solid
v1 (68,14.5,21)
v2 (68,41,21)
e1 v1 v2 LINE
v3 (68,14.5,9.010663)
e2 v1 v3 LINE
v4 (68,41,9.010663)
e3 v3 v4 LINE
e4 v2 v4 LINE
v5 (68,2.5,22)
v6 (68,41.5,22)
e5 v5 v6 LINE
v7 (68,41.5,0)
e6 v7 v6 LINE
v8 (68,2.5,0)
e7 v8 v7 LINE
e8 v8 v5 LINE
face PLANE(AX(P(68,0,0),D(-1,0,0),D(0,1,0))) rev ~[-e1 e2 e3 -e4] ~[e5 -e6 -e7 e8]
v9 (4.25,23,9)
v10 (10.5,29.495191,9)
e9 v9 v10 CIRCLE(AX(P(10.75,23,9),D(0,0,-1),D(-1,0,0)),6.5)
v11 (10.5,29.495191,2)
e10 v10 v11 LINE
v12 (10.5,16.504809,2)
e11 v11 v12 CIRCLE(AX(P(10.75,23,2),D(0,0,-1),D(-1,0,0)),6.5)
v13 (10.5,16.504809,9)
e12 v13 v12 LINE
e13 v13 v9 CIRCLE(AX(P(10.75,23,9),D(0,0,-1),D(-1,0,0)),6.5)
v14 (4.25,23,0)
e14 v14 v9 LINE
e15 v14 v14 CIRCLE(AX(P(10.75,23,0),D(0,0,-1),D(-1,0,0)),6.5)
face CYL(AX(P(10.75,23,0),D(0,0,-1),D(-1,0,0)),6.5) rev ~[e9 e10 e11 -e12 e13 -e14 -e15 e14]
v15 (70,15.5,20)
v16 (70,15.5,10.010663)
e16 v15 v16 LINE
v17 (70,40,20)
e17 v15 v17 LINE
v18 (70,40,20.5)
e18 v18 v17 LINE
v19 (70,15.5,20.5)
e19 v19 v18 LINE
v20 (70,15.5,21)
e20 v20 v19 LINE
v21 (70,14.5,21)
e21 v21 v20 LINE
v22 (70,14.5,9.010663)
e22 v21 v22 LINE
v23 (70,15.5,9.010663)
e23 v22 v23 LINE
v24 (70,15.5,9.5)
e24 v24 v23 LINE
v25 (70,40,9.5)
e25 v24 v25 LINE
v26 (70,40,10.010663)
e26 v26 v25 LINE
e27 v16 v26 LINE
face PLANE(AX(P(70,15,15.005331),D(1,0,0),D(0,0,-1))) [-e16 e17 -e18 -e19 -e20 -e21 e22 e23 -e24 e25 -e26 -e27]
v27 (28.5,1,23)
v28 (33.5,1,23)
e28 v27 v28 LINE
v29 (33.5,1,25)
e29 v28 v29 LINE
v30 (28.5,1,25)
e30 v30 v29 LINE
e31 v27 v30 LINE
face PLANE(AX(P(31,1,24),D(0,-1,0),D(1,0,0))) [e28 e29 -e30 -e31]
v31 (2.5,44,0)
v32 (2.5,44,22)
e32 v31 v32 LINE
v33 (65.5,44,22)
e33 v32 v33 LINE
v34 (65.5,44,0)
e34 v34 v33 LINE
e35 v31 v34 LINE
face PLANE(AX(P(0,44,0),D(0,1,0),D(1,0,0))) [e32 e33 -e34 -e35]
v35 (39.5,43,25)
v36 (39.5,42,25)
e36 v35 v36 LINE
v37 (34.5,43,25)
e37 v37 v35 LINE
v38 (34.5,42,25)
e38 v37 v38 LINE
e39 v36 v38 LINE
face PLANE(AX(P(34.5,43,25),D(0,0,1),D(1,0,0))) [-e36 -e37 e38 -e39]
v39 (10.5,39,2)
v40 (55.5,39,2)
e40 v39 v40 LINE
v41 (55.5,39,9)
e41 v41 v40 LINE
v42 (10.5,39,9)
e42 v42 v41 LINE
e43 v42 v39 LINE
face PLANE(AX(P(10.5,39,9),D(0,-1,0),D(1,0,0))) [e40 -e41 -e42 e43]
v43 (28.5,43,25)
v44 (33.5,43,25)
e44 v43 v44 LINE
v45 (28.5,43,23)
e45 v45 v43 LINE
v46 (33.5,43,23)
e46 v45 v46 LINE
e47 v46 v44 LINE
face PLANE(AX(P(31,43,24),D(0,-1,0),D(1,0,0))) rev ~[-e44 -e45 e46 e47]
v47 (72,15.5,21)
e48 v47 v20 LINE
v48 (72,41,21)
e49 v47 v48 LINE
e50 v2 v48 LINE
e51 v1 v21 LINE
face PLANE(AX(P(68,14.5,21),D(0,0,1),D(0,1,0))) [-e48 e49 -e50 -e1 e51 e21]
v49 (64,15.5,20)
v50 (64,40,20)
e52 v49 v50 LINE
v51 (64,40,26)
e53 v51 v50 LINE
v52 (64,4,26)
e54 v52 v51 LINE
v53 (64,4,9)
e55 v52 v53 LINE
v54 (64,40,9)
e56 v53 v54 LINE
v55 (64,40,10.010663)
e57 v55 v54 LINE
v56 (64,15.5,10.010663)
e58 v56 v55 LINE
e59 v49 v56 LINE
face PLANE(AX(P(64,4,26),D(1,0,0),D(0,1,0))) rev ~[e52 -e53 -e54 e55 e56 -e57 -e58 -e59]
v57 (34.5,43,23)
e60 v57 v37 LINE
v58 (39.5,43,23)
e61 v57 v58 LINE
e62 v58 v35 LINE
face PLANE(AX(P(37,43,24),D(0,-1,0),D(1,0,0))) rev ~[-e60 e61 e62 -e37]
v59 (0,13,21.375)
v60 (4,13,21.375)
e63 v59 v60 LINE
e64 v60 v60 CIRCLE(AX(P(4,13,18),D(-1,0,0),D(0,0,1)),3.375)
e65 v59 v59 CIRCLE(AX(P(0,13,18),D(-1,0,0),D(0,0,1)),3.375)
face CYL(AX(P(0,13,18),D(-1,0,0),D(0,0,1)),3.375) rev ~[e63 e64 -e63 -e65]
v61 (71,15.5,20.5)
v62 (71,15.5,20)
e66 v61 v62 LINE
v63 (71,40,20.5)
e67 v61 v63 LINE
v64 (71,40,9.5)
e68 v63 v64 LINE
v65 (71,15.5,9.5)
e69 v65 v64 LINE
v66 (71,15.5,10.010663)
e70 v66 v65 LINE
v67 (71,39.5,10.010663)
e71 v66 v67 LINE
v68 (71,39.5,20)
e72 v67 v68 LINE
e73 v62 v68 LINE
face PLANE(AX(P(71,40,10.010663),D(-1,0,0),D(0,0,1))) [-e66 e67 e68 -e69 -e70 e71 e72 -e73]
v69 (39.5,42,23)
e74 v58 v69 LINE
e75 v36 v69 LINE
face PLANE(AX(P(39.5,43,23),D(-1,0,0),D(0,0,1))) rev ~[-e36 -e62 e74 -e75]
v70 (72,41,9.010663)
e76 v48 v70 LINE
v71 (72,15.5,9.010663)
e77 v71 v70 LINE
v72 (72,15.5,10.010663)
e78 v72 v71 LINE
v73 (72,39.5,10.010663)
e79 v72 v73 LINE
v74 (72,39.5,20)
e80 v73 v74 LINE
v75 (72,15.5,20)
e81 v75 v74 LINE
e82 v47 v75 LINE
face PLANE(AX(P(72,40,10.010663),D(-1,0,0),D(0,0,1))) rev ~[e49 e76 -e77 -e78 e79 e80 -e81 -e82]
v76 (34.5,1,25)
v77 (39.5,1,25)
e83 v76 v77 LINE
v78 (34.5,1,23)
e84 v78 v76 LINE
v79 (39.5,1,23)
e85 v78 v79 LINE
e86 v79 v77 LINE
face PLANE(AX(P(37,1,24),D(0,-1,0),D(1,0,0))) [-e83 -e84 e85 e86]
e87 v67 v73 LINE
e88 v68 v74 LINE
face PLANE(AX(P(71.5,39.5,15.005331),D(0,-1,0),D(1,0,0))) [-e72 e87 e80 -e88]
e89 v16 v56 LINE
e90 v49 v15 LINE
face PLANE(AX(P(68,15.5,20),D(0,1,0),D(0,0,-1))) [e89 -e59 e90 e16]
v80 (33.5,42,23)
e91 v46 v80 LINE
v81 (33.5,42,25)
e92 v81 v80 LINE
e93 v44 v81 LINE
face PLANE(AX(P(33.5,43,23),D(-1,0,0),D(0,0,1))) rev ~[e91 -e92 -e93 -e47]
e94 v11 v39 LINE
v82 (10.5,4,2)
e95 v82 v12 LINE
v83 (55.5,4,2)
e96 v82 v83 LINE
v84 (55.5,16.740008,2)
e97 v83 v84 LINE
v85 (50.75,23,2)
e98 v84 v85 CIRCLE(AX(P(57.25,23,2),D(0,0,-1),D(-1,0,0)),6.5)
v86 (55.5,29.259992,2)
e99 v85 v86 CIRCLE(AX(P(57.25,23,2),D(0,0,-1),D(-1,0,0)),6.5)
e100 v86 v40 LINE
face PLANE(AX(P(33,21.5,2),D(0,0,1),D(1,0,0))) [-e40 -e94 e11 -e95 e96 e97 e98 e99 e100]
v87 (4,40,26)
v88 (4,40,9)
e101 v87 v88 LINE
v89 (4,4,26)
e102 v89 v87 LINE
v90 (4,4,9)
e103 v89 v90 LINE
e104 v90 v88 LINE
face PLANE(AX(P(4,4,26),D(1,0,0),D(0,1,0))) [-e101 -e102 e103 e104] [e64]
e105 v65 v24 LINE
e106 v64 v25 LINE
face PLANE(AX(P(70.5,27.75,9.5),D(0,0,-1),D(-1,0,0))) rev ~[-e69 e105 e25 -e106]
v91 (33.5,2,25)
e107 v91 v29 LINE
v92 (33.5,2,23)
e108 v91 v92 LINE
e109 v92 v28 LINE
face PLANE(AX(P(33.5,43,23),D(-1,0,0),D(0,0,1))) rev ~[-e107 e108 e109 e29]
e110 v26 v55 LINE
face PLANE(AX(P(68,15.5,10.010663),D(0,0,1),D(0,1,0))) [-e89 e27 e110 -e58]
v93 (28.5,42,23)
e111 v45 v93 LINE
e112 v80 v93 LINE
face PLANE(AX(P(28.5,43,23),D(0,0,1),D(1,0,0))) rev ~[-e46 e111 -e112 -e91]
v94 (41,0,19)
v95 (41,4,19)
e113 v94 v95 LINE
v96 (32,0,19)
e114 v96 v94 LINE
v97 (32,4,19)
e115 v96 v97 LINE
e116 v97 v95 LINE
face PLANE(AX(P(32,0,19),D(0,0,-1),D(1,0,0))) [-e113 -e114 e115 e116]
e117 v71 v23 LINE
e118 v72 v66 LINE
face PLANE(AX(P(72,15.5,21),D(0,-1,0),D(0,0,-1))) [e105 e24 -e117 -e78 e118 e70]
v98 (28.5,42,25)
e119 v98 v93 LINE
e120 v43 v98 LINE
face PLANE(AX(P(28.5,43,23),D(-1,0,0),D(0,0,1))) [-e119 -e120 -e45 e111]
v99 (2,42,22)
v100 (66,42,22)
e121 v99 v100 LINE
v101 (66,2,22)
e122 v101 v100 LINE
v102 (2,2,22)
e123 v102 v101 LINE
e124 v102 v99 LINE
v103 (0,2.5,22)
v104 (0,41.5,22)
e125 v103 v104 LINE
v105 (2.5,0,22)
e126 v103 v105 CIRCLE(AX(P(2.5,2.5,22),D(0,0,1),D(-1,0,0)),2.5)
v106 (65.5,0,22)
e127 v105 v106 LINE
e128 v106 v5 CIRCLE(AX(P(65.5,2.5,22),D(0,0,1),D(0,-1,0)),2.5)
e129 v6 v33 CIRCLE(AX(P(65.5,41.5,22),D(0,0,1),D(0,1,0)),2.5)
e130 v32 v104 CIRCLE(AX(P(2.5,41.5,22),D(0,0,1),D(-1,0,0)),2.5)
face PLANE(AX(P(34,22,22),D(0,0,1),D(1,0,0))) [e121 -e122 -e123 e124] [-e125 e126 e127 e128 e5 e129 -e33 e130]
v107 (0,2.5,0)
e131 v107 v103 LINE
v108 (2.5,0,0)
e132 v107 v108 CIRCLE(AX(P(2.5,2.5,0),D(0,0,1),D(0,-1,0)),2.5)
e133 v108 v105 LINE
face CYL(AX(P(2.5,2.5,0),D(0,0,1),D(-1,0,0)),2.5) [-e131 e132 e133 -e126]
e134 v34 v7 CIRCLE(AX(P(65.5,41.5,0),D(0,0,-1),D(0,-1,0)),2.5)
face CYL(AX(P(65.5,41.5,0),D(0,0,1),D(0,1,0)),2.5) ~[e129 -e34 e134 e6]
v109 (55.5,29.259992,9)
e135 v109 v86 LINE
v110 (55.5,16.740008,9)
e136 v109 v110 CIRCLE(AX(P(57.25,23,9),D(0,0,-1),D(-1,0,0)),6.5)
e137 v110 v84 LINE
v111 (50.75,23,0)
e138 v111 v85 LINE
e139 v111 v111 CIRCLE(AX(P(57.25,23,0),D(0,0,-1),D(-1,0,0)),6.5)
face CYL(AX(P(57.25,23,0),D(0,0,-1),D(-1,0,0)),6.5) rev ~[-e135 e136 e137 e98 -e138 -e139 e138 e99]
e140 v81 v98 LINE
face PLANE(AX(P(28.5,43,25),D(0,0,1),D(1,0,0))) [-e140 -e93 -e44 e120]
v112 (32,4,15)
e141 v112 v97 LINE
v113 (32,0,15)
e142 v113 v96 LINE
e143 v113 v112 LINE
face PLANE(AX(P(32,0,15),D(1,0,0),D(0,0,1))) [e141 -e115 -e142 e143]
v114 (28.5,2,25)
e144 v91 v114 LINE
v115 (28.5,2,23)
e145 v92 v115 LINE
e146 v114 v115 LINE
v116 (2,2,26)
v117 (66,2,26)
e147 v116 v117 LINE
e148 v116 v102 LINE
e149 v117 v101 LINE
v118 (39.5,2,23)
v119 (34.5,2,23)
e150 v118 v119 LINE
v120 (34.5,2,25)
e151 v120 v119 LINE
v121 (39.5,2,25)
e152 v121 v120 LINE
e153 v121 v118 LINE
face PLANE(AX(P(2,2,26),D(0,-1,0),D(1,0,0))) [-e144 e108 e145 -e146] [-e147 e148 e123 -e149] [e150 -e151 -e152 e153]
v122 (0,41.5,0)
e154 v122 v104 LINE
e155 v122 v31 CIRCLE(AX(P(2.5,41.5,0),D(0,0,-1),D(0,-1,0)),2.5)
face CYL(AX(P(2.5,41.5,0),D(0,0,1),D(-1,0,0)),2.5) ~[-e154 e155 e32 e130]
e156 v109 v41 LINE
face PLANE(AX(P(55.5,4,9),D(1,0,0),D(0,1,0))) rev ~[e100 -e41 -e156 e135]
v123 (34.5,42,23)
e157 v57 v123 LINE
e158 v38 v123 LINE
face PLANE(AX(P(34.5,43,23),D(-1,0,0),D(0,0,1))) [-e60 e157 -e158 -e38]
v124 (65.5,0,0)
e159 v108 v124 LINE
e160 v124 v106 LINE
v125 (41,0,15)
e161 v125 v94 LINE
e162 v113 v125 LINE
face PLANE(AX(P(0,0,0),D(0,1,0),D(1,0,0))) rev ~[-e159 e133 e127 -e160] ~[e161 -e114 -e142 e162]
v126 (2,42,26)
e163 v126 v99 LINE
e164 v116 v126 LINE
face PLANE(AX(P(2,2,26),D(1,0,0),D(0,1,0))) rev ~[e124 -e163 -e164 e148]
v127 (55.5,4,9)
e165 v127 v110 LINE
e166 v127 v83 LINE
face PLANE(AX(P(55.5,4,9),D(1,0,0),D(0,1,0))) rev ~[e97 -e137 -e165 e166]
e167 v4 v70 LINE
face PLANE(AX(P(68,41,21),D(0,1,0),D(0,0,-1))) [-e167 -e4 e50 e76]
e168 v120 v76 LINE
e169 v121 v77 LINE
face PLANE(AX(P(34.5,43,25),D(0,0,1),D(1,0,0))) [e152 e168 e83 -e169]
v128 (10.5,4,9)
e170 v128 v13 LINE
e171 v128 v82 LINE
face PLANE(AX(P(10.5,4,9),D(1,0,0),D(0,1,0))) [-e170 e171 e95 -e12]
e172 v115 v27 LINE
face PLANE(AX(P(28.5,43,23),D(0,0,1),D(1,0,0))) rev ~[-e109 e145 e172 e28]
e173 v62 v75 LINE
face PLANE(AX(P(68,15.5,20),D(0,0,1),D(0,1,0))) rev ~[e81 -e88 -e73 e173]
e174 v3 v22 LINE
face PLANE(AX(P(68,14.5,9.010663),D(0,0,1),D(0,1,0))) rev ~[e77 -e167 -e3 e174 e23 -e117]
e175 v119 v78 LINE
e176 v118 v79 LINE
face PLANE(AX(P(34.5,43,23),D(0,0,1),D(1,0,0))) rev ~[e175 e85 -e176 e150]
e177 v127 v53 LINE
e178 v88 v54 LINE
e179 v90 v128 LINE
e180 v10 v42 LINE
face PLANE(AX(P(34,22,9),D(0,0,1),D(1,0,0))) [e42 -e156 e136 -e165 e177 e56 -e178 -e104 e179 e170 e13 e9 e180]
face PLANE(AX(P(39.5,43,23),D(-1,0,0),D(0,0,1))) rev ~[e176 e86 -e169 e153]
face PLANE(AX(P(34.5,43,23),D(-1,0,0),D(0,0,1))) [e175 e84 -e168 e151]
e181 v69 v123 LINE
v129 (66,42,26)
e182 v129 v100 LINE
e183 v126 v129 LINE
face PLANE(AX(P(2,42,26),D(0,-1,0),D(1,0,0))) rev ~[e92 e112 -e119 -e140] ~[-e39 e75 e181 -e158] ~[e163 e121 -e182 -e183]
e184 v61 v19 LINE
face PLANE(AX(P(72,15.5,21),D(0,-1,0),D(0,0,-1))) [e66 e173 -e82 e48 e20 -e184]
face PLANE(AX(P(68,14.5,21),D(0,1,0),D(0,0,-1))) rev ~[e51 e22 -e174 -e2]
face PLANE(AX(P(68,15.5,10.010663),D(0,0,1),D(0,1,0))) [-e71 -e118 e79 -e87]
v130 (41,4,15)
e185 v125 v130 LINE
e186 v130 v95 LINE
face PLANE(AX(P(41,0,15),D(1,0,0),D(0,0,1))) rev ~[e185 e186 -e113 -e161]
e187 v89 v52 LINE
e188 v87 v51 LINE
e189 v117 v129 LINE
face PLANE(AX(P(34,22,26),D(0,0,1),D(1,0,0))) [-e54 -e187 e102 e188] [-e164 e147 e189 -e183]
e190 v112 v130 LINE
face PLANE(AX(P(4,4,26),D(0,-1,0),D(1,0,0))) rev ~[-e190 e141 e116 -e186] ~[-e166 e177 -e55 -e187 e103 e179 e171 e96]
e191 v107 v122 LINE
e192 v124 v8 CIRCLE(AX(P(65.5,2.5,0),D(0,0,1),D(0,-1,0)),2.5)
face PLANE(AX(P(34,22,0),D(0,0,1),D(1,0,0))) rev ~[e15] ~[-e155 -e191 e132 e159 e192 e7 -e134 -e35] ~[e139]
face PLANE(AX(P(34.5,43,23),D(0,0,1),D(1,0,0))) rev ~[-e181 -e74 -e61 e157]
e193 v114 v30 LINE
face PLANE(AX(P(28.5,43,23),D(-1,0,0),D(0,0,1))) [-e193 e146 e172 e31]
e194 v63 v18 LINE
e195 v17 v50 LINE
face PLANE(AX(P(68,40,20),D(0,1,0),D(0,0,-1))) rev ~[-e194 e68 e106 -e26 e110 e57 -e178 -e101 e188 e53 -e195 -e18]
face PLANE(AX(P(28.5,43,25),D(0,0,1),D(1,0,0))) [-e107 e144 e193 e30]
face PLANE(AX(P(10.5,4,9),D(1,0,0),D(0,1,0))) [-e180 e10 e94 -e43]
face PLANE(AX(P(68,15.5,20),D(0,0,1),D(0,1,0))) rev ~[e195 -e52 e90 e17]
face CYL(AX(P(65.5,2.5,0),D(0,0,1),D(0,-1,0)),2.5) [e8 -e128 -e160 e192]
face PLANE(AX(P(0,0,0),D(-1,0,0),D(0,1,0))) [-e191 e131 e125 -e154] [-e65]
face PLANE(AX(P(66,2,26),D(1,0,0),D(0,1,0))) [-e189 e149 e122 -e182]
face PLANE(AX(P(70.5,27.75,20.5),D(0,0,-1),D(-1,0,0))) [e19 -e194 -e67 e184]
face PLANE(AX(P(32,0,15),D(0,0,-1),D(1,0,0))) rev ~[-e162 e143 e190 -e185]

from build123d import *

# Parameters (mm, degrees)
SKETCH1_W                   = 68
SKETCH1_H                   = 44
MIAN_BOSS_EXTRUDE_DEPTH     = 26
SKETCH2_W                   = 60
SKETCH2_H                   = 36
MAIN_CUT_DEPTH              = 17
SKETCH4_W                   = 45
SKETCH4_H                   = 35
BATTERY_CUT_DEPTH           = 7
SKETCH5_R                   = 6.5
ELCTRODE_CUT_DEPTH          = 12
SKETCH6_W                   = 9.989337028
SKETCH6_H                   = 24.5
USB_C_CUT_DEPTH             = 7
SKETCH7_R                   = 3.375
BUTTON_CUT_DEPTH            = 7
SKETCH8_W                   = 9
SKETCH8_H                   = 4
SWITCH_CUT_DEPTH            = 7
OUTSIDE_FILLET_R            = 2.5
SKETCH10_OUTSIDE_W          = 87.012
SKETCH10_OUTSIDE_H          = 63.012
SKETCH10_OUTSIDE_W_2        = 64
SKETCH10_OUTSIDE_H_2        = 40
OUTER_LID_EXTRUDE_DEPTH     = 4
LID_SNAP_EXTRUDE_DEPTH      = 1
LID_SNAP_EXTRUDE_DEPTH_BACK = 41
SKETCH11_W                  = 5
SKETCH11_H                  = 2
SKETCH13_W                  = 11
SKETCH13_H                  = 36
INNER_LID_EXTRUDE_DEPTH     = 3
SKETCH14_W                  = 11.989337028
SKETCH14_H                  = 26.5
SKETCH14_W_2                = 9.989337028
SKETCH14_H_2                = 24.5
USB_COVER_EXTRUDE_DEPTH     = 4
SKETCH15_W                  = 11.989337028
SKETCH15_H                  = 1
USB_CUT_EXTRUDE_DEPTH       = 2
USB_LIP_CUT_DEPTH           = 10.5
USB_LIP_CUT_DEPTH_BACK      = 0.5
SKETCH18_W                  = 1
SKETCH18_H                  = 24.5
SKETCH20_W                  = 1
SKETCH20_H                  = 9.989337028
USB_LIP_BOSS_DEPTH          = 0.5


with BuildPart() as part:
    # Sketch1 → Mian Boss Extrude (new body)
    with BuildSketch(Plane.XY):
        with Locations((34, 22)):
            Rectangle(SKETCH1_W, SKETCH1_H)
    extrude(amount=MIAN_BOSS_EXTRUDE_DEPTH)

    # Sketch2 → Main cut (cut)
    with BuildSketch(Plane.XY.offset(26)):
        with Locations((34, 22)):
            Rectangle(SKETCH2_W, SKETCH2_H)
    extrude(amount=-MAIN_CUT_DEPTH, mode=Mode.SUBTRACT)

    # Sketch4 → Battery Cut (cut)
    with BuildSketch(Plane.XY.offset(9)):
        with Locations((33, 21.5)):
            Rectangle(SKETCH4_W, SKETCH4_H)
    extrude(amount=-BATTERY_CUT_DEPTH, mode=Mode.SUBTRACT)

    # Sketch5 → Elctrode Cut (cut)
    with BuildSketch(Plane(origin=(0, 0, 0), x_dir=(-1, 0, 0), z_dir=(0, 0, -1))):
        with Locations((-57.25, 23)):
            Circle(SKETCH5_R)
        with Locations((-10.75, 23)):
            Circle(SKETCH5_R)
    extrude(amount=-ELCTRODE_CUT_DEPTH, mode=Mode.SUBTRACT)

    # Sketch6 → USB-c Cut (cut)
    with BuildSketch(Plane(origin=(68, 0, 0), x_dir=(0, 0, -1), z_dir=(1, 0, 0))):
        with Locations((-15.005331486, 27.75)):
            Rectangle(SKETCH6_W, SKETCH6_H)
    extrude(amount=-USB_C_CUT_DEPTH, mode=Mode.SUBTRACT)

    # Sketch7 → Button Cut (cut)
    with BuildSketch(Plane.ZY):
        with Locations((18, 13)):
            Circle(SKETCH7_R)
    extrude(amount=-BUTTON_CUT_DEPTH, mode=Mode.SUBTRACT)

    # Sketch8 → Switch Cut (cut)
    with BuildSketch(Plane.XZ):
        with Locations((36.5, 17)):
            Rectangle(SKETCH8_W, SKETCH8_H)
    extrude(amount=-SWITCH_CUT_DEPTH, mode=Mode.SUBTRACT)

    # Outside Fillet
    outside_fillet_edges = [part.edges().sort_by_distance(p)[0] for p in [
        (0, 44, 13),
        (68, 44, 13),
        (68, 0, 13),
        (0, 0, 13),
    ]]
    fillet(outside_fillet_edges, radius=OUTSIDE_FILLET_R)

    # Sketch10 outside → Outer lid Extrude (cut)
    with BuildSketch(Plane.XY.offset(26)):
        with Locations((34, 22)):
            Rectangle(SKETCH10_OUTSIDE_W, SKETCH10_OUTSIDE_H)
        with Locations((34, 22)):
            Rectangle(SKETCH10_OUTSIDE_W_2, SKETCH10_OUTSIDE_H_2, mode=Mode.SUBTRACT)
    extrude(amount=-OUTER_LID_EXTRUDE_DEPTH, mode=Mode.SUBTRACT)

    # Sketch11 → Lid Snap-Extrude (add, two sides: drawn at the far end of the back side and taken through both)
    with BuildSketch(Plane.XZ.offset(-2).offset(-LID_SNAP_EXTRUDE_DEPTH_BACK)):
        with Locations((31, 24)):
            Rectangle(SKETCH11_W, SKETCH11_H)
        with Locations((37, 24)):
            Rectangle(SKETCH11_W, SKETCH11_H)
    extrude(amount=LID_SNAP_EXTRUDE_DEPTH + LID_SNAP_EXTRUDE_DEPTH_BACK)

    # Sketch13 → Inner Lid-Extrude (cut)
    with BuildSketch(Plane.XY.offset(25)):
        with Locations((34, 22)):
            Rectangle(SKETCH13_W, SKETCH13_H)
    extrude(amount=-INNER_LID_EXTRUDE_DEPTH, mode=Mode.SUBTRACT)

    # Sketch14 → USB Cover-Extrude (add)
    with BuildSketch(Plane(origin=(68, 0, 0), x_dir=(0, 0, -1), z_dir=(1, 0, 0))):
        with Locations((-15.005331486, 27.75)):
            Rectangle(SKETCH14_W, SKETCH14_H)
        with Locations((-15.005331486, 27.75)):
            Rectangle(SKETCH14_W_2, SKETCH14_H_2, mode=Mode.SUBTRACT)
    extrude(amount=USB_COVER_EXTRUDE_DEPTH)

    # Sketch15 → USB Cut-Extrude (cut)
    with BuildSketch(Plane(origin=(72, 0, 0), x_dir=(0, 0, -1), z_dir=(1, 0, 0))):
        with Locations((-15.005331486, 15)):
            Rectangle(SKETCH15_W, SKETCH15_H)
    extrude(amount=-USB_CUT_EXTRUDE_DEPTH, mode=Mode.SUBTRACT)

    # Sketch18 → USB Lip Cut (cut, two sides: drawn at the far end of the back side and taken through both)
    with BuildSketch(Plane(origin=(0, 0, 20), x_dir=(-1, 0, 0), z_dir=(0, 0, -1)).offset(-USB_LIP_CUT_DEPTH_BACK)):
        with Locations((-70.5, 27.75)):
            Rectangle(SKETCH18_W, SKETCH18_H)
    extrude(amount=USB_LIP_CUT_DEPTH + USB_LIP_CUT_DEPTH_BACK, mode=Mode.SUBTRACT)

    # Sketch20 → USB Lip Boss (add)
    with BuildSketch(Plane.XZ.offset(-40)):
        with Locations((71.5, 15.005331486)):
            Rectangle(SKETCH20_W, SKETCH20_H)
    extrude(amount=USB_LIP_BOSS_DEPTH)


solid = part.part
